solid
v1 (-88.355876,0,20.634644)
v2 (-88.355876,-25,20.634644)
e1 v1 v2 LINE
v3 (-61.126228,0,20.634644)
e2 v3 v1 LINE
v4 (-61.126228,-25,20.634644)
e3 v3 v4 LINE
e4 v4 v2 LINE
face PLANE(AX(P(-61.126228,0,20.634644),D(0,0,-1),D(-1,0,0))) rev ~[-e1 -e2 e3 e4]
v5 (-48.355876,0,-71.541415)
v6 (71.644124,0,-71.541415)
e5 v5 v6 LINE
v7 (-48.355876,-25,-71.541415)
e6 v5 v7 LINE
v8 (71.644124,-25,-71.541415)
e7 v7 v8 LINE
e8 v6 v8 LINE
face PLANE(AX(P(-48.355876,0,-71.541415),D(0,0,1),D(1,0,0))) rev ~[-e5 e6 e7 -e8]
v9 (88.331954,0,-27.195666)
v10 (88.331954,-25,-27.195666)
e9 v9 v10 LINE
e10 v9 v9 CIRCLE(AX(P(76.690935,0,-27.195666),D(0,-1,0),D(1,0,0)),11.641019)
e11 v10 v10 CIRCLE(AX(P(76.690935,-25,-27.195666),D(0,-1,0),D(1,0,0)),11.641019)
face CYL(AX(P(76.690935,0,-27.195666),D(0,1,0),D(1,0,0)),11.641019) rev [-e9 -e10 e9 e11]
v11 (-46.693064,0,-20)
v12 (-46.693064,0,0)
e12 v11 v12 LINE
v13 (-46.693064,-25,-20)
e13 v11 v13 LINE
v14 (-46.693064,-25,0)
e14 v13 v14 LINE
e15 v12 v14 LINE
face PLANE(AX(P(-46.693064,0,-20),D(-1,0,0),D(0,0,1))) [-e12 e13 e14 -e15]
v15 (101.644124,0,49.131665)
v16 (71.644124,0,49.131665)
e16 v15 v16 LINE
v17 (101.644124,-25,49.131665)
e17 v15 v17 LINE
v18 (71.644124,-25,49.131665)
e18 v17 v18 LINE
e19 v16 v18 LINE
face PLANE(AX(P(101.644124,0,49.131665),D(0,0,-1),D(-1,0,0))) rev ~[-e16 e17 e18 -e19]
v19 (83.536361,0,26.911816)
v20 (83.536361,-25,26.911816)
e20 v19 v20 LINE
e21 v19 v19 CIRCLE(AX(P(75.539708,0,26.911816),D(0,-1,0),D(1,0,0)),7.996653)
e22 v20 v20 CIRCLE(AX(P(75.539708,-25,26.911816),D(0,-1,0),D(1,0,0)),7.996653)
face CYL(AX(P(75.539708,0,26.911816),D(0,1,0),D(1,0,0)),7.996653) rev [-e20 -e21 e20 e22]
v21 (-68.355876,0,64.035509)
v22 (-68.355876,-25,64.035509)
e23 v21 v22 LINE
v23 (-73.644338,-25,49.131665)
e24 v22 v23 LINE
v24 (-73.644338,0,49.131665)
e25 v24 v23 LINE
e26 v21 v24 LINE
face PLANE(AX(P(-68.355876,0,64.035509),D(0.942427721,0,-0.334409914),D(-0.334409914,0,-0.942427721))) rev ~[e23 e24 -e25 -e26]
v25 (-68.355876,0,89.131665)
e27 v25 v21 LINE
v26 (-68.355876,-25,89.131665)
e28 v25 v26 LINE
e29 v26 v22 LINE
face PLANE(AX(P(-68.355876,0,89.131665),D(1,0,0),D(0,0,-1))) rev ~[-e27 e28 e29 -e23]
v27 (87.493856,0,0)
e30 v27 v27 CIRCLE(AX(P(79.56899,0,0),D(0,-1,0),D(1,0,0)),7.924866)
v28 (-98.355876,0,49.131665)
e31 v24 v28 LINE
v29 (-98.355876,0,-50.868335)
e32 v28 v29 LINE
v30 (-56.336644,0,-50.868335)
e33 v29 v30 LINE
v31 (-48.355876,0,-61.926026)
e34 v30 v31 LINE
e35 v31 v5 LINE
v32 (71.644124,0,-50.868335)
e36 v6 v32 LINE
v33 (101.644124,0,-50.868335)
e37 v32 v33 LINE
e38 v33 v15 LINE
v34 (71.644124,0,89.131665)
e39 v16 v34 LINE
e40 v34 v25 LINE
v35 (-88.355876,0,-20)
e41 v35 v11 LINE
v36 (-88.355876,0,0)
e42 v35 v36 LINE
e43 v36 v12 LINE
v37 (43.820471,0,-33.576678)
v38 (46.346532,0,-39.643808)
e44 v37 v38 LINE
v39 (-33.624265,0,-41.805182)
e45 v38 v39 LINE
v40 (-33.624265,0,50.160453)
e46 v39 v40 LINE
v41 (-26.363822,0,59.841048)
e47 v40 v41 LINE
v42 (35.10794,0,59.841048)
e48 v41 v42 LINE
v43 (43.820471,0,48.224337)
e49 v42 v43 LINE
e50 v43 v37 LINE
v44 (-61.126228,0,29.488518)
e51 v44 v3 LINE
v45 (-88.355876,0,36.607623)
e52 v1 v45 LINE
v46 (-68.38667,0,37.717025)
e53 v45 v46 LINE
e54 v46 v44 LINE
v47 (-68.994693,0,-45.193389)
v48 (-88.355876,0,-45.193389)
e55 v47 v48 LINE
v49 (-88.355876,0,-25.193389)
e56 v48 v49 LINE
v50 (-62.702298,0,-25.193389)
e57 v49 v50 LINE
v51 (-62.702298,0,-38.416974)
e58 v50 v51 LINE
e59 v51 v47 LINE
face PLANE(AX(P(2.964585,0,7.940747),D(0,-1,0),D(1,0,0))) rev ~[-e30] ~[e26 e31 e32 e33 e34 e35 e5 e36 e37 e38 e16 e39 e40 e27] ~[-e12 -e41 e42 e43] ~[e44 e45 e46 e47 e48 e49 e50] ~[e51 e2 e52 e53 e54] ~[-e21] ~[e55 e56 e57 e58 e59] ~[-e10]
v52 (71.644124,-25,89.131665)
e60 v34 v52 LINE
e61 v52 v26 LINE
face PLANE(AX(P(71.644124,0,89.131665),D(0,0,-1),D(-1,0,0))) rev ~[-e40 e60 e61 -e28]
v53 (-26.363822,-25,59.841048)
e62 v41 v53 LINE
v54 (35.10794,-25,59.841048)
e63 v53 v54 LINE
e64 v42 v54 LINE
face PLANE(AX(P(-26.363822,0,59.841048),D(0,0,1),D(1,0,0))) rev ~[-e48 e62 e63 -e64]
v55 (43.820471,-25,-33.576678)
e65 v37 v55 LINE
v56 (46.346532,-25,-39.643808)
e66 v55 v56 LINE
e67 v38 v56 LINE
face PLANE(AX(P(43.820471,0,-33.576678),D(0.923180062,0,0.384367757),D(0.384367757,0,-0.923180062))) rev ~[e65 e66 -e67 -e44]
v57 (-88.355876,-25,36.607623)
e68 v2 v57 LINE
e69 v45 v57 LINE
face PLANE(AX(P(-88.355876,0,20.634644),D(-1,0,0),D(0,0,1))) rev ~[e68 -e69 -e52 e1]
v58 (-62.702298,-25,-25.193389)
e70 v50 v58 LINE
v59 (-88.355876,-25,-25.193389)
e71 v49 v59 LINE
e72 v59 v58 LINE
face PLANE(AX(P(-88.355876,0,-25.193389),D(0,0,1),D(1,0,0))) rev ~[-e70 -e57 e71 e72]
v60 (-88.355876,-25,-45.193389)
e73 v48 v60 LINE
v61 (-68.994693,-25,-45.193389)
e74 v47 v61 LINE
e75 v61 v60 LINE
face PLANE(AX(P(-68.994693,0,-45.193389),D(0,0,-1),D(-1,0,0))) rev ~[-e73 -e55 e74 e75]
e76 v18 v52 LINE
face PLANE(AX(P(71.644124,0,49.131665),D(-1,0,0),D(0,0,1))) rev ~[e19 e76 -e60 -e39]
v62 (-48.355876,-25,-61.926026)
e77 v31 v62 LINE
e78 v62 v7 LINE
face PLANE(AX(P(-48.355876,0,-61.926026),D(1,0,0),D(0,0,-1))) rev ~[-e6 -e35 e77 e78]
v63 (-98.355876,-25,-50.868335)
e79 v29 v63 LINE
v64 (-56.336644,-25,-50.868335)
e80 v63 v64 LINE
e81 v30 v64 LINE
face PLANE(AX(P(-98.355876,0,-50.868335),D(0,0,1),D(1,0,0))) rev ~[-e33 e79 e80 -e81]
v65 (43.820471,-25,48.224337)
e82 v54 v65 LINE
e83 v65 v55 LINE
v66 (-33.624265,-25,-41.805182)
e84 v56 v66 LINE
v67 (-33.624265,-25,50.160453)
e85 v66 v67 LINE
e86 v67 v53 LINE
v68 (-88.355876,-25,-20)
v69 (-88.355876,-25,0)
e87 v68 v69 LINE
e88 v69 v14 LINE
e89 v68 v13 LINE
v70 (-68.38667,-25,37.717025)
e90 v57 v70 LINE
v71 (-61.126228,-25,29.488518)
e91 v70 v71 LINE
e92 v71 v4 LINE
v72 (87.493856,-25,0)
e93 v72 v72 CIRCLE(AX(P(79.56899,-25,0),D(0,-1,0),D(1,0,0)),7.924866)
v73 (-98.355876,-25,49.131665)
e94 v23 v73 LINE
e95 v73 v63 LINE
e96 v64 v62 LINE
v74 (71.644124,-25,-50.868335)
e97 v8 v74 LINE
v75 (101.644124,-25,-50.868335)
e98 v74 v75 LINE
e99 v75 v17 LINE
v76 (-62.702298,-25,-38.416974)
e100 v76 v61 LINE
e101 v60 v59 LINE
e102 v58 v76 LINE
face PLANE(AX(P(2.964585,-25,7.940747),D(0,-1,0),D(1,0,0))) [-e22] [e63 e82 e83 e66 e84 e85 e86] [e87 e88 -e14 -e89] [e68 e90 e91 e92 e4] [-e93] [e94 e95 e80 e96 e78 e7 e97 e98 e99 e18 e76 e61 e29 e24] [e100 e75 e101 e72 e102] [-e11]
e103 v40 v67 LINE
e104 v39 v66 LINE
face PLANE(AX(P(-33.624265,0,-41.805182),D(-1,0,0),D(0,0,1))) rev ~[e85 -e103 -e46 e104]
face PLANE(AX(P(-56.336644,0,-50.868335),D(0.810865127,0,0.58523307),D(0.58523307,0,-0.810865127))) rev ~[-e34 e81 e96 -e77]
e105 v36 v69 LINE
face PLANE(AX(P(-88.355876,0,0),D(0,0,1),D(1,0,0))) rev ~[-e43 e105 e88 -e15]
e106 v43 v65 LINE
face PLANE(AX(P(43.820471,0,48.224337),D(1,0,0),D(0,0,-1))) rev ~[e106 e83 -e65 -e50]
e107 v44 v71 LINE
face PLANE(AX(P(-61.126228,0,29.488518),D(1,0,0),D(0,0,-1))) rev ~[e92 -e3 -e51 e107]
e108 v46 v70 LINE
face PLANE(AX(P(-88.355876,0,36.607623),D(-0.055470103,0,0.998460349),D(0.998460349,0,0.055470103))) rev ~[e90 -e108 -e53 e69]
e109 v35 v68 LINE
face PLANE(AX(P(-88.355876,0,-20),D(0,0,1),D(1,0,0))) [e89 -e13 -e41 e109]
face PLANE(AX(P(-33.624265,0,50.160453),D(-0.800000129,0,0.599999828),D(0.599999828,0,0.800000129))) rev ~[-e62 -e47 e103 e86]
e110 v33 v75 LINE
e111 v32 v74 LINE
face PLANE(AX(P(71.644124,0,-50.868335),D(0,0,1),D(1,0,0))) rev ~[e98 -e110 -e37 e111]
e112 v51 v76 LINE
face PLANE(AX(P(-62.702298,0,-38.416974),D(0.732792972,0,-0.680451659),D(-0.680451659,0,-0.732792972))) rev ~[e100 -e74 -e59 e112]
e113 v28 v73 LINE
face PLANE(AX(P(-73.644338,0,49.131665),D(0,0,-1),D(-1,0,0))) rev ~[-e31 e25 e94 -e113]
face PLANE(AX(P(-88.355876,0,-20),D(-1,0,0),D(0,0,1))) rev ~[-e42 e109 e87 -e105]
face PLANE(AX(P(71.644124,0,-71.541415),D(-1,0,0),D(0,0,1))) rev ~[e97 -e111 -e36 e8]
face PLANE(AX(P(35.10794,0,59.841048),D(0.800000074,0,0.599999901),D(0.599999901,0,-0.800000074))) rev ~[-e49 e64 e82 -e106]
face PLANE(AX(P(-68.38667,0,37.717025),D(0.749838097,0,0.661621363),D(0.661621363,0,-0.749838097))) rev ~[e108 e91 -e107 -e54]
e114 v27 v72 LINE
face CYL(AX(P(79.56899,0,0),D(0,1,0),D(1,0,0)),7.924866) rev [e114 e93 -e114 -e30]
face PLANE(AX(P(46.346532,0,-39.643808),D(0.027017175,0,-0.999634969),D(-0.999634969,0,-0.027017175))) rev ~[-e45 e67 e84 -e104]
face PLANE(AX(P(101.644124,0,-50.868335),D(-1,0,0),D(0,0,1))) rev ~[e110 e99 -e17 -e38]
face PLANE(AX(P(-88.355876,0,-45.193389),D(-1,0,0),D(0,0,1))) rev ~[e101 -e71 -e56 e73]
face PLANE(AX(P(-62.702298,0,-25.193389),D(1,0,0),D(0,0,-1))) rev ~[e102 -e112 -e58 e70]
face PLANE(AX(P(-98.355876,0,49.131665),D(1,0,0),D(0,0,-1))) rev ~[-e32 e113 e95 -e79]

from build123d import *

# Parameters (mm, degrees)
F0_W     = 41.662812
F0_H     = 20
F0_R     = 11.641019
F0_R_2   = 7.924866
F0_R_3   = 7.996653
F1_DEPTH = 25
F2_DEPTH = 25


with BuildPart() as f1:
    # F0 (on Front) → F1 (new body)
    with BuildSketch(Plane.XZ):
        Polygon((-73.644338, 49.131665), (-98.355876, 49.131665), (-98.355876, -50.868335), (-56.336644, -50.868335), (-48.355876, -61.926026), (-48.355876, -71.541415), (71.644124, -71.541415), (71.644124, -50.868335), (101.644124, -50.868335), (101.644124, 49.131665), (71.644124, 49.131665), (71.644124, 89.131665), (-68.355876, 89.131665), (-68.355876, 64.035509), align=None)
        Polygon((-88.355876, -45.193389), (-88.355876, -25.193389), (-62.702298, -25.193389), (-62.702298, -38.416974), (-68.994693, -45.193389), align=None, mode=Mode.SUBTRACT)
        with Locations((-67.52447, -10)):
            Rectangle(F0_W, F0_H, mode=Mode.SUBTRACT)
        with Locations((76.690935, -27.195666)):
            Circle(F0_R, mode=Mode.SUBTRACT)
        with Locations((79.56899, 0)):
            Circle(F0_R_2, mode=Mode.SUBTRACT)
        Polygon((-88.355876, 20.634644), (-88.355876, 36.607623), (-68.38667, 37.717025), (-61.126228, 29.488518), (-61.126228, 20.634644), align=None, mode=Mode.SUBTRACT)
        Polygon((-33.624265, 50.160453), (-26.363822, 59.841048), (35.10794, 59.841048), (43.820471, 48.224337), (43.820471, -33.576678), (46.346532, -39.643808), (-33.624265, -41.805182), align=None, mode=Mode.SUBTRACT)
        with Locations((75.539708, 26.911816)):
            Circle(F0_R_3, mode=Mode.SUBTRACT)
    extrude(amount=F1_DEPTH)

    # F0 (on Front) → F2 (join)
    with BuildSketch(Plane.XZ):
        Polygon((-73.644338, 49.131665), (-98.355876, 49.131665), (-98.355876, -50.868335), (-56.336644, -50.868335), (-48.355876, -61.926026), (-48.355876, -71.541415), (71.644124, -71.541415), (71.644124, -50.868335), (101.644124, -50.868335), (101.644124, 49.131665), (71.644124, 49.131665), (71.644124, 89.131665), (-68.355876, 89.131665), (-68.355876, 64.035509), align=None)
        Polygon((-88.355876, -45.193389), (-88.355876, -25.193389), (-62.702298, -25.193389), (-62.702298, -38.416974), (-68.994693, -45.193389), align=None, mode=Mode.SUBTRACT)
        with Locations((-67.52447, -10)):
            Rectangle(F0_W, F0_H, mode=Mode.SUBTRACT)
        with Locations((76.690935, -27.195666)):
            Circle(F0_R, mode=Mode.SUBTRACT)
        with Locations((79.56899, 0)):
            Circle(F0_R_2, mode=Mode.SUBTRACT)
        Polygon((-88.355876, 20.634644), (-88.355876, 36.607623), (-68.38667, 37.717025), (-61.126228, 29.488518), (-61.126228, 20.634644), align=None, mode=Mode.SUBTRACT)
        Polygon((-33.624265, 50.160453), (-26.363822, 59.841048), (35.10794, 59.841048), (43.820471, 48.224337), (43.820471, -33.576678), (46.346532, -39.643808), (-33.624265, -41.805182), align=None, mode=Mode.SUBTRACT)
        with Locations((75.539708, 26.911816)):
            Circle(F0_R_3, mode=Mode.SUBTRACT)
    extrude(amount=F2_DEPTH)


solid = f1.part
